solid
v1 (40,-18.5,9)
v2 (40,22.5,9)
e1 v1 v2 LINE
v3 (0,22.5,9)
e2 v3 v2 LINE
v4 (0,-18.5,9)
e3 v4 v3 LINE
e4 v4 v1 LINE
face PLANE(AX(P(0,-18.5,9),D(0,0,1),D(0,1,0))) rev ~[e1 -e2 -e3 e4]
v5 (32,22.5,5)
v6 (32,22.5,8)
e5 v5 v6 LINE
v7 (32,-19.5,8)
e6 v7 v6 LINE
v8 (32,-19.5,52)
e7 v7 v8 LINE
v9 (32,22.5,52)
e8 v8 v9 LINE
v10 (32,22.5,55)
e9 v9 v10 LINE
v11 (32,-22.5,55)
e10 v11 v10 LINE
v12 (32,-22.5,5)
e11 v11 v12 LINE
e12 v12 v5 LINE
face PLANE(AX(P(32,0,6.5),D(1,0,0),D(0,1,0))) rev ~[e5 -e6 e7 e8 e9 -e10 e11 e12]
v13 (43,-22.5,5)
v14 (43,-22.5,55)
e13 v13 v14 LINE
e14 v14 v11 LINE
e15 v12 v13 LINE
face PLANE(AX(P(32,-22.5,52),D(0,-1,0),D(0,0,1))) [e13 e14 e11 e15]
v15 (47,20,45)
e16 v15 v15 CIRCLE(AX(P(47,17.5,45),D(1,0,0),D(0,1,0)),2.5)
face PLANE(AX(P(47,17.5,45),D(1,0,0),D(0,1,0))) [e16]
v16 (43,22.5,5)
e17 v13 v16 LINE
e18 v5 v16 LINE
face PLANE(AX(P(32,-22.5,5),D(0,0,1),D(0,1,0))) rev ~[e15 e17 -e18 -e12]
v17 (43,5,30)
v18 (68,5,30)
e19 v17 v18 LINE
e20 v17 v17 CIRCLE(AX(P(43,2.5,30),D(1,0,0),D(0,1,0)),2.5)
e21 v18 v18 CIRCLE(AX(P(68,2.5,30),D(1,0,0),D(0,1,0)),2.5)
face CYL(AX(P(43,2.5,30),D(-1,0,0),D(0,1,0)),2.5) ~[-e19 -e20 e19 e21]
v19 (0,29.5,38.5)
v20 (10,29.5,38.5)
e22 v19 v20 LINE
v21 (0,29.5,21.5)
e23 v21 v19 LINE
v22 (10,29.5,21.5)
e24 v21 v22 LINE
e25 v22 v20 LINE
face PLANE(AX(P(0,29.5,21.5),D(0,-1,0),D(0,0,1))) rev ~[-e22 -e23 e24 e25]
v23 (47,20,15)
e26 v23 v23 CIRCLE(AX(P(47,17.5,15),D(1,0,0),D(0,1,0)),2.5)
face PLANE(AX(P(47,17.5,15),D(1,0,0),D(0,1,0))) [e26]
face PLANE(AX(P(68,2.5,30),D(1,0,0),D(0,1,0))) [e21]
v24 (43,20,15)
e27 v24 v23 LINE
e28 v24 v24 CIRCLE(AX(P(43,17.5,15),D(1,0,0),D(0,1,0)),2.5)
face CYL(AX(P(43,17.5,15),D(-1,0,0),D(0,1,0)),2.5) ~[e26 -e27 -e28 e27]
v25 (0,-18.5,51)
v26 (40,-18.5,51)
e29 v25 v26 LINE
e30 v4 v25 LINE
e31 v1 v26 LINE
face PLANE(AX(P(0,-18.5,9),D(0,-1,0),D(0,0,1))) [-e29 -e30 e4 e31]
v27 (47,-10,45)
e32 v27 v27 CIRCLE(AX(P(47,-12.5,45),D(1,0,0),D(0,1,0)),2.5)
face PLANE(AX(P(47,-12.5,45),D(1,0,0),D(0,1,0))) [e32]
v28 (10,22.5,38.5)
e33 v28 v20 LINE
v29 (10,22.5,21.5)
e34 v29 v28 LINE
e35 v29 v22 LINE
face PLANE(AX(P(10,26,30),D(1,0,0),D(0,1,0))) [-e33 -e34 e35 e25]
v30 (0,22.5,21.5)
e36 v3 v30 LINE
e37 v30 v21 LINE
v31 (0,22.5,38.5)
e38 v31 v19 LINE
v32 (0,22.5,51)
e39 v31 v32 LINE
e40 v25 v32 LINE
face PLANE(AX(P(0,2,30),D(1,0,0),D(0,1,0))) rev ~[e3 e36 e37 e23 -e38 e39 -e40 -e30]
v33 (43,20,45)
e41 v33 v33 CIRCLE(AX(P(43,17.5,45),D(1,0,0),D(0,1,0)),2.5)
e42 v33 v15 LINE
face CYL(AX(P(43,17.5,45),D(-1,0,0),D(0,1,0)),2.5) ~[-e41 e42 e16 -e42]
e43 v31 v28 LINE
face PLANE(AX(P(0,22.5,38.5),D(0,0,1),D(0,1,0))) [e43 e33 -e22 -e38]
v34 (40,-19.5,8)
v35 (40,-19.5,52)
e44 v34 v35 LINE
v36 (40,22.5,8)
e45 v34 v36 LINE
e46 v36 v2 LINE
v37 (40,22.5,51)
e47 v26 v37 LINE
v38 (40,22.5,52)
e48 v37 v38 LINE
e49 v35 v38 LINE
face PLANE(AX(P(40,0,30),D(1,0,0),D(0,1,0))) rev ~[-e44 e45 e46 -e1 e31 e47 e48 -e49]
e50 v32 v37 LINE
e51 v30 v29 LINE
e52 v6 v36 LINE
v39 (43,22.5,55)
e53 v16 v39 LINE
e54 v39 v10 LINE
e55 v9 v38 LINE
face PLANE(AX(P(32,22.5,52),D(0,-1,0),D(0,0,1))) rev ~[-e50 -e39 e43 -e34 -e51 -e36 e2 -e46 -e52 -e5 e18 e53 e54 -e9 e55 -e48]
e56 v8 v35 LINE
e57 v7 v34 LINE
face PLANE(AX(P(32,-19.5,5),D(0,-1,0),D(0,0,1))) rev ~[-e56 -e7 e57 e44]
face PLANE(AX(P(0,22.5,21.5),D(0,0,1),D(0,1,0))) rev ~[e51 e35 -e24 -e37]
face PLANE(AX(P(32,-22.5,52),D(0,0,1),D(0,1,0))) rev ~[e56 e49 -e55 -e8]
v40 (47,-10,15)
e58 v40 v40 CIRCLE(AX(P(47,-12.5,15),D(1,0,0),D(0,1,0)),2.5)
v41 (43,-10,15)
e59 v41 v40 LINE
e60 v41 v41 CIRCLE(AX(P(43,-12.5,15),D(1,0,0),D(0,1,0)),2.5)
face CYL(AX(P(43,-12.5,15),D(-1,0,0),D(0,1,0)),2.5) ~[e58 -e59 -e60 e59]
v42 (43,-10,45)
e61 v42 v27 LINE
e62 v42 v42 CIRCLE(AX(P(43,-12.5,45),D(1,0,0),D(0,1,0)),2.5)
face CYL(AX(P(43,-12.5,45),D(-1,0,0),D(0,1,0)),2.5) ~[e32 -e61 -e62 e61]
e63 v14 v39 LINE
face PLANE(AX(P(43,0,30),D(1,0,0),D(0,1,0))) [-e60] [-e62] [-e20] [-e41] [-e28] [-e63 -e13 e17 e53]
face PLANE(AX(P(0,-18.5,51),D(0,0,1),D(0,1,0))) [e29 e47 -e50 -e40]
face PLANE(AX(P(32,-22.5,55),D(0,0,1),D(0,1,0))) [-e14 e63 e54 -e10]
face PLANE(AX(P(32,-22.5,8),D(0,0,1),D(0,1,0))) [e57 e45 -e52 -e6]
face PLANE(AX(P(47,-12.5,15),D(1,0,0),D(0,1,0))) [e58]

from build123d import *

# Parameters (mm, degrees)
BOX005_W                  = 41
BOX005_H                  = 42
BOX005_DEPTH              = 40
BOX004_W                  = 7
BOX004_H                  = 17
BOX004_DEPTH              = 10
CYLINDER003_R             = 2.5
CYLINDER003_DEPTH         = 25
CYLINDER002_R             = 2.5
CYLINDER002_DEPTH         = 4
BOX006_W                  = 45
BOX006_H                  = 3
BOX006_DEPTH              = 8
BOX007_W                  = 3
BOX007_H                  = 50
BOX007_DEPTH              = 8
BOX003_W                  = 45
BOX003_H                  = 50
BOX003_DEPTH              = 3
FUSION002_ROLL_ANGLE      = 90
FUSION002_PLACEMENT_ANGLE = 90


with BuildPart() as base_motor:
    # Box005 → Box005 (new body)
    with BuildSketch(Plane(origin=(4, 4, 0), x_dir=(1, 0, 0), z_dir=(0, 0, 1))):
        with Locations((20.5, 21)):
            Rectangle(BOX005_W, BOX005_H)
    extrude(amount=BOX005_DEPTH)


with BuildPart() as alimentacion001:
    # Box004 → Box004 (new body)
    with BuildSketch(Plane(origin=(45, 16.5, 0), x_dir=(1, 0, 0), z_dir=(0, 0, 1))):
        with Locations((3.5, 8.5)):
            Rectangle(BOX004_W, BOX004_H)
    extrude(amount=BOX004_DEPTH)


with BuildPart() as motor:
    # Cylinder003 → Cylinder003 (new body)
    with BuildSketch(Plane(origin=(25, 25, 43), x_dir=(1, 0, 0), z_dir=(0, 0, 1))):
        Circle(CYLINDER003_R)
    extrude(amount=CYLINDER003_DEPTH)

    # Fusion003: union base motor, alimentacion001
    add(base_motor.part)
    add(alimentacion001.part)


with BuildPart() as tonillo_motor004:
    # Cylinder002 → Cylinder002 (new body)
    with BuildSketch(Plane(origin=(10, 10, 43), x_dir=(1, 0, 0), z_dir=(0, 0, 1))):
        Circle(CYLINDER002_R)
    extrude(amount=CYLINDER002_DEPTH)


with BuildPart() as tonillo_motor005:
    # Link003 base: copy of tonillo motor004
    add(tonillo_motor004.part)


with BuildPart() as tonillo_motor005_1:
    # Link003 placement: moved
    add(tonillo_motor005.part.moved(Location((30, 30, 0))))


with BuildPart() as tonillo_motor006:
    # Link004 base: copy of tonillo motor004
    add(tonillo_motor004.part)


with BuildPart() as tonillo_motor006_1:
    # Link004 placement: moved
    add(tonillo_motor006.part.moved(Location((30, 0, 0))))


with BuildPart() as tonillo_motor007:
    # Link005 base: copy of tonillo motor004
    add(tonillo_motor004.part)


with BuildPart() as tonillo_motor007_1:
    # Link005 placement: moved
    add(tonillo_motor007.part.moved(Location((0, 30, 0))))


with BuildPart() as lateral_izq:
    # Box006 → Box006 (new body)
    with BuildSketch(Plane.XY.offset(32)):
        with Locations((22.5, 1.5)):
            Rectangle(BOX006_W, BOX006_H)
    extrude(amount=BOX006_DEPTH)


with BuildPart() as lateral_der:
    # Link006 base: copy of lateral izq
    add(lateral_izq.part)


with BuildPart() as lateral_der_1:
    # Link006 placement: moved
    add(lateral_der.part.moved(Location((0, 47, 0))))


with BuildPart() as lateral_frente:
    # Box007 → Box007 (new body)
    with BuildSketch(Plane.XY.offset(32)):
        with Locations((1.5, 25)):
            Rectangle(BOX007_W, BOX007_H)
    extrude(amount=BOX007_DEPTH)


with BuildPart() as motor_completo:
    # Box003 → Box003 (new body)
    with BuildSketch(Plane.XY.offset(40)):
        with Locations((22.5, 25)):
            Rectangle(BOX003_W, BOX003_H)
    extrude(amount=BOX003_DEPTH)

    # Fusion004: union lateral izq, lateral der, lateral frente
    add(lateral_izq.part)
    add(lateral_der_1.part)
    add(lateral_frente.part)

    # Fusion002: union motor, tonillo motor005, tonillo motor006, tonillo motor007, tonillo motor004
    add(motor.part)
    add(tonillo_motor005_1.part)
    add(tonillo_motor006_1.part)
    add(tonillo_motor007_1.part)
    add(tonillo_motor004.part)


with BuildPart() as motor_completo_1:
    # Fusion002 roll: moved
    add(motor_completo.part.rotate(Axis((0, 0, 0), (1, 0, 0)), FUSION002_ROLL_ANGLE))


with BuildPart() as motor_completo_2:
    # Fusion002 placement: moved
    add(motor_completo_1.part.moved(Location((0, -22.5, 5))).rotate(Axis((0, -22.5, 5), (0, 0, 1)), FUSION002_PLACEMENT_ANGLE))


solid = motor_completo_2.part
